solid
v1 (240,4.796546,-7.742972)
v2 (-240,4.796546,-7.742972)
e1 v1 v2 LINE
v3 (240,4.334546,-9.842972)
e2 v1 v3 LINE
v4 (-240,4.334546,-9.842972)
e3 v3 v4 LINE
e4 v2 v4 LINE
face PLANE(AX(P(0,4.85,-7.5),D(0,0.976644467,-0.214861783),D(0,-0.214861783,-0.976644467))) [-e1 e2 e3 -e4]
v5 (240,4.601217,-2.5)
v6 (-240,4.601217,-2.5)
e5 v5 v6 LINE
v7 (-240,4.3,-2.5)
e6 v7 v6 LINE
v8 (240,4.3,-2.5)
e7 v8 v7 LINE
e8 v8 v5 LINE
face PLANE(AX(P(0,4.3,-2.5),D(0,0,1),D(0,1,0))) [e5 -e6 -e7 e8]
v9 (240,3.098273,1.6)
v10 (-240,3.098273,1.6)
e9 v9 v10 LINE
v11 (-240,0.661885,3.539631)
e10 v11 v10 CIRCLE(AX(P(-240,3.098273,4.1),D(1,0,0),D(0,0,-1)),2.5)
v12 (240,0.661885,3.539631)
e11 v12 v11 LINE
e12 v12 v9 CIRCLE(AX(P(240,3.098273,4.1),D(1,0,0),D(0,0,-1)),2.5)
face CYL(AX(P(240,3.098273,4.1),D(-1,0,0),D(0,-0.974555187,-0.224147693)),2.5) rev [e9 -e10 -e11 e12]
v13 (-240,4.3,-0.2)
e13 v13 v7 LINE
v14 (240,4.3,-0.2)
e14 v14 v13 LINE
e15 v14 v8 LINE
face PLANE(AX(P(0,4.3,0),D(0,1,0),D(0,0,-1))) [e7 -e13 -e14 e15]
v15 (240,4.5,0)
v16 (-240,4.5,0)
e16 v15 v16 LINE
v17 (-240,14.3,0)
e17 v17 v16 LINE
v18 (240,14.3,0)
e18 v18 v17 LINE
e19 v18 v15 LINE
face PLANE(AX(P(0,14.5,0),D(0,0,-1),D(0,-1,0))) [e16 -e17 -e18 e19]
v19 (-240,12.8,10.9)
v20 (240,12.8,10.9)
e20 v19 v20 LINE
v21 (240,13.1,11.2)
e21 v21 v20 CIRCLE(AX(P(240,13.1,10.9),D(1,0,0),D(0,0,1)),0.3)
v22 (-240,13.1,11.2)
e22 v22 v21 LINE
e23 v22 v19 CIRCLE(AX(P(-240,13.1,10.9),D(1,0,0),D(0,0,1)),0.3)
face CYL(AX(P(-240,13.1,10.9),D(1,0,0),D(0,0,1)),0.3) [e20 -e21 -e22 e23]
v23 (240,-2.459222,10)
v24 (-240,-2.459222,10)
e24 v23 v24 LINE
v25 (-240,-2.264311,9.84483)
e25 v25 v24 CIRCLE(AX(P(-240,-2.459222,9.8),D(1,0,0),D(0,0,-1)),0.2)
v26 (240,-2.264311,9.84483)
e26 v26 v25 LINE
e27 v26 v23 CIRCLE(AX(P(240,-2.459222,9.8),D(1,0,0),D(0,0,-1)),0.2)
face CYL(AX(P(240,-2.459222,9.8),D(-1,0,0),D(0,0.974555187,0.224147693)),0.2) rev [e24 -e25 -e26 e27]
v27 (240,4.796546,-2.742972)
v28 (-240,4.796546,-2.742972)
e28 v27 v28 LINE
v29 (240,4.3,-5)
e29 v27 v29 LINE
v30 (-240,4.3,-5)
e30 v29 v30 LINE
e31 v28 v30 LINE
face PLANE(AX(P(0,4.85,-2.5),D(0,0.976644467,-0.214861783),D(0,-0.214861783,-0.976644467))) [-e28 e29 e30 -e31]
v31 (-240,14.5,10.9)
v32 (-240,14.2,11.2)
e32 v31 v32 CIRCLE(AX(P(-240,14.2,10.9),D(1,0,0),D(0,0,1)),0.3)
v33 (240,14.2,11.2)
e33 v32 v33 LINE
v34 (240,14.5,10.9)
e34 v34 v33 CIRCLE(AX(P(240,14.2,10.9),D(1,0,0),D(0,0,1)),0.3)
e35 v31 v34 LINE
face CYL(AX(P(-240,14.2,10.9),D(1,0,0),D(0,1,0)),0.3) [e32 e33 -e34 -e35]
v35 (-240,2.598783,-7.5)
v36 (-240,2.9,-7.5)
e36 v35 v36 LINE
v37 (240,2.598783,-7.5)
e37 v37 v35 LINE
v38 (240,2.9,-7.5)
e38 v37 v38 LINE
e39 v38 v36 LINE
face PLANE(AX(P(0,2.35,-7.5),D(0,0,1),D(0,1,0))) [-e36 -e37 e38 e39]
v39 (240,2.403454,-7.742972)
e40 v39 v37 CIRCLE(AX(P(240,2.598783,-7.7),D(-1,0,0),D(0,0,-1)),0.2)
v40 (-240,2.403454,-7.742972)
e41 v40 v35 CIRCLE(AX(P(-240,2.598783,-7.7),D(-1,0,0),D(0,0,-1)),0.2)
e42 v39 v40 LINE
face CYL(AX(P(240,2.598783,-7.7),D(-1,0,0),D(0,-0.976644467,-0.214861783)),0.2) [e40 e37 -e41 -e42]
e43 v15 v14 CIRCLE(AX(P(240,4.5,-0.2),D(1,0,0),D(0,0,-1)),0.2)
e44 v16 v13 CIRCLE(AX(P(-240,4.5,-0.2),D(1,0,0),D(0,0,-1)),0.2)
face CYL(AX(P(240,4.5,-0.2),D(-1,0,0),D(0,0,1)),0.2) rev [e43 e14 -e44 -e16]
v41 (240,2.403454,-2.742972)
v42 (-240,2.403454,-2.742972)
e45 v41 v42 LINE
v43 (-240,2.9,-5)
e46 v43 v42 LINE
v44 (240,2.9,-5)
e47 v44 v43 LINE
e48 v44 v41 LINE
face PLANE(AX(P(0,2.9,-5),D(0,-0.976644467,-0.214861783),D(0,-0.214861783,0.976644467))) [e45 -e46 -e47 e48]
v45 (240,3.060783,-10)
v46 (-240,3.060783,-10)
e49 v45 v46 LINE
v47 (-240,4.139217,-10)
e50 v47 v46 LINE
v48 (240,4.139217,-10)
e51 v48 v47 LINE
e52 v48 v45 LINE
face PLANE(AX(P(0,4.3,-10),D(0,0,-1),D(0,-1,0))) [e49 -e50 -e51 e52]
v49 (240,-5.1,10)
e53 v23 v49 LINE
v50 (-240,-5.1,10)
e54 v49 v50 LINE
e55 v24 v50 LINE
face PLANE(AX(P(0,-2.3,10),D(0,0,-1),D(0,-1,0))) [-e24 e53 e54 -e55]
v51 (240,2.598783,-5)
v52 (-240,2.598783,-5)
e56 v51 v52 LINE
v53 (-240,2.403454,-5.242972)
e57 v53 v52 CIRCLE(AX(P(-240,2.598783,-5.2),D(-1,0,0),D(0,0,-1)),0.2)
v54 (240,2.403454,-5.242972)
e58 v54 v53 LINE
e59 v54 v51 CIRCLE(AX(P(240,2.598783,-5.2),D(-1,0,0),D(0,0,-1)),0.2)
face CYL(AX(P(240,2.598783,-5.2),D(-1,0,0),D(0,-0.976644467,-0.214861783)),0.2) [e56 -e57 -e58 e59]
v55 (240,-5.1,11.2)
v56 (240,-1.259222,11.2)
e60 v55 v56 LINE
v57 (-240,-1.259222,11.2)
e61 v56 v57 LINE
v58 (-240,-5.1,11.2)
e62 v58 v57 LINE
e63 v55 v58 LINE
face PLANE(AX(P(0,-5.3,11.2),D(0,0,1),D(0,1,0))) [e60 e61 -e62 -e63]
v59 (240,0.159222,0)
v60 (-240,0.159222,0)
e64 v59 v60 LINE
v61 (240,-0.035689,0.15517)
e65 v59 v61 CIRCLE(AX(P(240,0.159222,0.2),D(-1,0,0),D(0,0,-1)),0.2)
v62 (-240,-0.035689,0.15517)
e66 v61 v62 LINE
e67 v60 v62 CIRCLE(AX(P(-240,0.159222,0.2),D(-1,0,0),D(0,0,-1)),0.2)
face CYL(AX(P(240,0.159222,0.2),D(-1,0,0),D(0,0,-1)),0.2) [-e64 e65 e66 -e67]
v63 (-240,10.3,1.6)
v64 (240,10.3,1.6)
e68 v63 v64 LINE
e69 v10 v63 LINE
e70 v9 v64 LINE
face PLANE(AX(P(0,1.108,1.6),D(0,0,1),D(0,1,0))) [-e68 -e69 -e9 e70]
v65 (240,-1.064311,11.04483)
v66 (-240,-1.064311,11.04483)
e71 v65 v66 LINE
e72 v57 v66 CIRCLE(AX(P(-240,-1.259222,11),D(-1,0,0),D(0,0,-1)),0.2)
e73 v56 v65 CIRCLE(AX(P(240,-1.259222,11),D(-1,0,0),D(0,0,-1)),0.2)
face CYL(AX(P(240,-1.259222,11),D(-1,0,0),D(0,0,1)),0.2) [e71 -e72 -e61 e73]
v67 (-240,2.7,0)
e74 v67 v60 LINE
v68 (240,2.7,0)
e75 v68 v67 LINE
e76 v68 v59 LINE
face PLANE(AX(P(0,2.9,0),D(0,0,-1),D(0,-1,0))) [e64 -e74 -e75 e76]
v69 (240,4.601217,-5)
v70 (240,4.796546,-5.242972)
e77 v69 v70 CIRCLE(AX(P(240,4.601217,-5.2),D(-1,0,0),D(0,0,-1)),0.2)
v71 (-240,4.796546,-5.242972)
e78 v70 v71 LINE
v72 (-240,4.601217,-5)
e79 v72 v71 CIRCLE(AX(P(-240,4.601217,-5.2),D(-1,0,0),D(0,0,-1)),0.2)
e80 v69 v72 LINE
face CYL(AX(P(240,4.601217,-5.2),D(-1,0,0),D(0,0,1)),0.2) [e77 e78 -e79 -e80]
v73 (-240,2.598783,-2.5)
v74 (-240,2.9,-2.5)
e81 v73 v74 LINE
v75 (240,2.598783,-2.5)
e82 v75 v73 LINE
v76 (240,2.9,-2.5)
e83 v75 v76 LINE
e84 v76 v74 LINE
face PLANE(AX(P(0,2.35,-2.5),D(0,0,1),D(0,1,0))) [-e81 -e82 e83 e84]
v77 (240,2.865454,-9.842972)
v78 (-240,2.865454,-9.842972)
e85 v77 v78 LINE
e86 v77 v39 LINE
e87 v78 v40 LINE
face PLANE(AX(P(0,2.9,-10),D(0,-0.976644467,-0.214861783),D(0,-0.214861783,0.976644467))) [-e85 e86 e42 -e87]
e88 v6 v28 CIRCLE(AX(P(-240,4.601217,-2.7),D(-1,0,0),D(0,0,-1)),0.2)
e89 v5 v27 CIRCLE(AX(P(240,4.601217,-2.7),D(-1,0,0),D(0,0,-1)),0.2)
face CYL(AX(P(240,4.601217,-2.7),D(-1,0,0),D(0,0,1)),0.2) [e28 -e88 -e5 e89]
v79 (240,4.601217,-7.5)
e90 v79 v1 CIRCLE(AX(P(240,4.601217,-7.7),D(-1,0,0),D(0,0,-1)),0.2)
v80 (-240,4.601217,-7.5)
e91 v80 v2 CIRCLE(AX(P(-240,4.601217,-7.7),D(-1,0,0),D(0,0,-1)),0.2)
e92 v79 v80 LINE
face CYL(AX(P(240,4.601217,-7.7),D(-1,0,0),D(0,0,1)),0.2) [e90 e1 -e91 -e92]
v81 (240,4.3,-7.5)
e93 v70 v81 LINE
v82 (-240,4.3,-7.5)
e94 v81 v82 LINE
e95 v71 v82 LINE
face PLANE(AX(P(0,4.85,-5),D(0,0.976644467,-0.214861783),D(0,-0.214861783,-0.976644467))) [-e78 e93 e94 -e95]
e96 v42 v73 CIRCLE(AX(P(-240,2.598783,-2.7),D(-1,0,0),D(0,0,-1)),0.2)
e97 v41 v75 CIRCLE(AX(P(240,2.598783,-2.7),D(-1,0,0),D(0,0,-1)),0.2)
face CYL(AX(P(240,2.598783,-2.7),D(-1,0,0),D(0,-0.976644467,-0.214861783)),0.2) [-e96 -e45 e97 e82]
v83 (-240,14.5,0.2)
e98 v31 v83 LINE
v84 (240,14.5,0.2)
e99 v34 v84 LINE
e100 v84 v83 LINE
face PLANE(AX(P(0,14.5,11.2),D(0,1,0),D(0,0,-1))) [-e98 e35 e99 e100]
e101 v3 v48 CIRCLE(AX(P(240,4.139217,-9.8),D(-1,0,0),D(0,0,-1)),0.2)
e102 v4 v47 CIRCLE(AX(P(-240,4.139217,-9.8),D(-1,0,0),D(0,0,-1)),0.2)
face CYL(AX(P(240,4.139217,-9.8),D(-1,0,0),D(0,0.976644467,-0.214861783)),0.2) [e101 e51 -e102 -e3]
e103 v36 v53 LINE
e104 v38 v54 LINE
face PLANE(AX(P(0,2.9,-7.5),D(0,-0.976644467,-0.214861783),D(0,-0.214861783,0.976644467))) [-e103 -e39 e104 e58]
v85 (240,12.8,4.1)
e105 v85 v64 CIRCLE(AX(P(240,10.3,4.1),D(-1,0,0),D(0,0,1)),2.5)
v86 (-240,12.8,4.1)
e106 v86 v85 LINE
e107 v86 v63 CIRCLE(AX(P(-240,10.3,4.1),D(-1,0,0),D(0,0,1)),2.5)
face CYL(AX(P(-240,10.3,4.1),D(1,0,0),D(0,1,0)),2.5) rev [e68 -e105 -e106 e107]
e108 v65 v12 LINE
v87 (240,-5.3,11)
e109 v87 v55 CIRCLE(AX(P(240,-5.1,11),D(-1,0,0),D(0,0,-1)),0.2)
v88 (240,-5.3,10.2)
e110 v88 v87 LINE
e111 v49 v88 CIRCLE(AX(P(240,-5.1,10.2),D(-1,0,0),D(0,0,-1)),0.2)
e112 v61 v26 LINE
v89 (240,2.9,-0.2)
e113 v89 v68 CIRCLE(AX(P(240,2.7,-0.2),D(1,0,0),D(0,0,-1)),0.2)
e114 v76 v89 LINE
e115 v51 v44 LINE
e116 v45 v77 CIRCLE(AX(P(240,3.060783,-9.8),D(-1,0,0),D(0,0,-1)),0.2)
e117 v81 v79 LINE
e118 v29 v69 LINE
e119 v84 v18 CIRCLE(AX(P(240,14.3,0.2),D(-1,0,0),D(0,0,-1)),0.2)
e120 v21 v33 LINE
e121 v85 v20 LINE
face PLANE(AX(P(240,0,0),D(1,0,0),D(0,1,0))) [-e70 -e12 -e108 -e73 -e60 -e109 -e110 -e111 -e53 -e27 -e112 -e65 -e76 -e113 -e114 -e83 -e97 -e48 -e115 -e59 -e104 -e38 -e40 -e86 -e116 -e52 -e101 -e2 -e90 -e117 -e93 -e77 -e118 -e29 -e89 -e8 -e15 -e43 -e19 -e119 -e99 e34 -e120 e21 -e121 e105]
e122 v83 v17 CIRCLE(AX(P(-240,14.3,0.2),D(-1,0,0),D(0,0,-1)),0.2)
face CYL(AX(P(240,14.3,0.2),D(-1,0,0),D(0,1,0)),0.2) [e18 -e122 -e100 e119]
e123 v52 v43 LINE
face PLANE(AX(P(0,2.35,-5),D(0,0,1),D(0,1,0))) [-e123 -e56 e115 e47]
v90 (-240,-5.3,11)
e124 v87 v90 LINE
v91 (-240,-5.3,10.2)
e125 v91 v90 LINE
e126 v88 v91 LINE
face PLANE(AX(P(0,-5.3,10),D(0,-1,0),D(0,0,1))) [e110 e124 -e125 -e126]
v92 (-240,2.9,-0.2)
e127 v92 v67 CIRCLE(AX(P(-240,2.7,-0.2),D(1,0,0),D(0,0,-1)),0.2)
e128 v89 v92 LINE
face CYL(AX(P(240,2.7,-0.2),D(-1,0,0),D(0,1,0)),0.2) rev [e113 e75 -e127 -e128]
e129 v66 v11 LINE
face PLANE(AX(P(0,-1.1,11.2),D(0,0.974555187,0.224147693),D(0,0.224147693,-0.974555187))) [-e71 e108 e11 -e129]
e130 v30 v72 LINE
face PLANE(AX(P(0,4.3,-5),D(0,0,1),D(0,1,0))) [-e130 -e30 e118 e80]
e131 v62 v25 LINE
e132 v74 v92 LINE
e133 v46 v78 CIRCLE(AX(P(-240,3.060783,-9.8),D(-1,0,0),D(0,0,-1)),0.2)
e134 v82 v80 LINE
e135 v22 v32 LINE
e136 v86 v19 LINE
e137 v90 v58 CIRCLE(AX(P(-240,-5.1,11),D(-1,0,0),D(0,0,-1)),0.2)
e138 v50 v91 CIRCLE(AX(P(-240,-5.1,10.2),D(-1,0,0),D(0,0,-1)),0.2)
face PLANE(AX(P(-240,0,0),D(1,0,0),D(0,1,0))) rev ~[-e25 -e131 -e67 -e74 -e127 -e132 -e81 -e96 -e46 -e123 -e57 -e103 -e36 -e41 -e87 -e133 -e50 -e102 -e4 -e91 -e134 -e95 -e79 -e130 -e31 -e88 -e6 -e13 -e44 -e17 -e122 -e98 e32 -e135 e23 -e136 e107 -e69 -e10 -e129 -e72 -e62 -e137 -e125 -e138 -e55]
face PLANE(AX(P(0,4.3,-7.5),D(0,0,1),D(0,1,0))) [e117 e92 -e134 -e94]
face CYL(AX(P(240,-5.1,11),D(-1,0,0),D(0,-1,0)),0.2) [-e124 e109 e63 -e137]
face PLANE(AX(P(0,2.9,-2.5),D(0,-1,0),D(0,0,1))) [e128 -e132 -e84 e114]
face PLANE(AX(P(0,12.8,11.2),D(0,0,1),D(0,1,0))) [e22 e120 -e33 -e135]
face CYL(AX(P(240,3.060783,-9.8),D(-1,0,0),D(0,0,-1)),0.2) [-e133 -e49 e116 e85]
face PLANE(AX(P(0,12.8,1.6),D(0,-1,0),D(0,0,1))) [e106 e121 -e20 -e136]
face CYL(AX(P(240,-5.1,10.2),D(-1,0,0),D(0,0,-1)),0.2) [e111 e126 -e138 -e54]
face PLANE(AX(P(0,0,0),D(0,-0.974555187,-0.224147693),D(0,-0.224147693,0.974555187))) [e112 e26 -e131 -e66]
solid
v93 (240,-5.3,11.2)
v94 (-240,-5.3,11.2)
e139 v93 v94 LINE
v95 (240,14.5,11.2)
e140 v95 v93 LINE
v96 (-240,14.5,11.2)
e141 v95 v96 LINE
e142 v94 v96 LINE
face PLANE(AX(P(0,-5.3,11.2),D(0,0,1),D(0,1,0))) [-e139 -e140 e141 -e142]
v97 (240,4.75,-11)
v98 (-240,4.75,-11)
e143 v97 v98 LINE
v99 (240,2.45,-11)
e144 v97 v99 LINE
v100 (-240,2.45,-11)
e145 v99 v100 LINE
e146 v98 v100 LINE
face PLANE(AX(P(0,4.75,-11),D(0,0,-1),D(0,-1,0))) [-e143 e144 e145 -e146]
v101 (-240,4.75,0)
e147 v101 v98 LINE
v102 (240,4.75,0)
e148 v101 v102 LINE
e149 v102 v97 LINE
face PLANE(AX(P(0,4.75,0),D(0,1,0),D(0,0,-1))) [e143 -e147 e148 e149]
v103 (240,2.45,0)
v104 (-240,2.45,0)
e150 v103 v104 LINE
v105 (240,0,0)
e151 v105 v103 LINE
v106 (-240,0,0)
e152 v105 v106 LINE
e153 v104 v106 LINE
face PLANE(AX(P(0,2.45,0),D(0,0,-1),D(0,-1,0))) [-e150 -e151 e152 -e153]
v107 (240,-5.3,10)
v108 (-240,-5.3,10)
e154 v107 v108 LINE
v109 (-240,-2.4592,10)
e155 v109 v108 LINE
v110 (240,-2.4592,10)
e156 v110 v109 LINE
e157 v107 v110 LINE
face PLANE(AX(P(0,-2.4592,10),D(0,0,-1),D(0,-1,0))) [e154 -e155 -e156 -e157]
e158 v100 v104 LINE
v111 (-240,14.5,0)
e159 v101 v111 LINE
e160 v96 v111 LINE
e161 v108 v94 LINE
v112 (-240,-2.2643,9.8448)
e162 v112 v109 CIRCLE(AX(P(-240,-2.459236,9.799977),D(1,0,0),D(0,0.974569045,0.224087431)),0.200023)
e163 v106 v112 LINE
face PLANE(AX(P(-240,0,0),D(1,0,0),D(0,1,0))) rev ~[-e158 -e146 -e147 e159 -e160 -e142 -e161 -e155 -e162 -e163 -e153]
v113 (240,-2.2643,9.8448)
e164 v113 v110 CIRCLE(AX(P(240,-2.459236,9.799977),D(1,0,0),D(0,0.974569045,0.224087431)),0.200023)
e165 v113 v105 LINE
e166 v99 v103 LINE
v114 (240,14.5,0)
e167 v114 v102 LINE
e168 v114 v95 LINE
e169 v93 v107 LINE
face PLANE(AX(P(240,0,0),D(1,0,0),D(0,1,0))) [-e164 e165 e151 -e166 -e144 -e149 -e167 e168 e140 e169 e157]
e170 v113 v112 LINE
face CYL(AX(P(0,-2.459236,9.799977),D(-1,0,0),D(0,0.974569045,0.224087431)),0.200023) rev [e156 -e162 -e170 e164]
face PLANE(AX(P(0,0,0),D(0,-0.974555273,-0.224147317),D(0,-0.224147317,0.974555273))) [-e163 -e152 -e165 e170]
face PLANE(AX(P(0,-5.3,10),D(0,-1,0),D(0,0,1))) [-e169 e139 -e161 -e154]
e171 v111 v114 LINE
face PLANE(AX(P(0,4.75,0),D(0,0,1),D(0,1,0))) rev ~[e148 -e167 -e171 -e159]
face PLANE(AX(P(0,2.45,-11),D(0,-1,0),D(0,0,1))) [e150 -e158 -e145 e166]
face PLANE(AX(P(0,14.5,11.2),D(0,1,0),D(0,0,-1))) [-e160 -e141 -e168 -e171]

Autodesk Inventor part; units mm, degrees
ref_plane "YZ Plane" through (0, 0, 0) normal (1, 0, 0) x (0, 1, 0)
ref_plane "XZ Plane" through (0, 0, 0) normal (0, 1, 0) x (-1, 0, 0)
ref_plane "XY Plane" through (0, 0, 0) normal (0, 0, 1) x (1, 0, 0)
sketch "Sketch1" plane through (0, 0, 0) normal (1, 0, 0) x (0, 1, 0)
  line L0 (14.5, 11.2) -> (14.5, 0)
  line L1 (14.5, 0) -> (4.3, 0)
  line L2 (4.3, 0) -> (4.3, -2.5)
  line L3 (4.3, -2.5) -> (4.85, -2.5)
  line L4 (4.85, -2.5) -> (4.3, -5)
  line L5 (4.3, -5) -> (4.85, -5)
  line L6 (4.85, -5) -> (4.3, -7.5)
  line L7 (4.3, -7.5) -> (4.85, -7.5)
  line L8 (4.85, -7.5) -> (4.3, -10)
  line L9 (4.3, -10) -> (2.9, -10)
  line L10 (2.9, -10) -> (2.35, -7.5)
  line L11 (2.35, -7.5) -> (2.9, -7.5)
  line L12 (2.9, -7.5) -> (2.35, -5)
  line L13 (2.35, -5) -> (2.9, -5)
  line L14 (2.9, -5) -> (2.35, -2.5)
  line L15 (2.35, -2.5) -> (2.9, -2.5)
  line L16 (2.9, -2.5) -> (2.9, 0)
  line L17 (2.9, 0) -> (0, 0)
  line L18 (0, 0) -> (-2.3, 10)
  line L19 (-2.3, 10) -> (-5.3, 10)
  line L20 (-5.3, 10) -> (-5.3, 11.2)
  line L21 (-5.3, 11.2) -> (-1.1, 11.2)
  line L22 (-1.1, 11.2) -> (1.108, 1.6)
  line L23 (1.108, 1.6) -> (12.8, 1.6)
  line L24 (12.8, 1.6) -> (12.8, 11.2)
  line L25 (12.8, 11.2) -> (14.5, 11.2)
  dimension "d0" = 1.7
  dimension "d1" = 1.2
  dimension "d2" = 4.2
  dimension "d3" = 3
  dimension "d4" = 5.3
  dimension "d6" = 10
  dimension "d7" = 10
  dimension "d8" = 2.5
  dimension "d9" = 7.65
  dimension "d10" = 19.8
  dimension "d11" = 2.5
  dimension "d12" = 0.55
  dimension "d13" = 1.6
extrude "01_ex1" add sketch "Sketch1" along normal mid plane 480
fillet "01_fillet1" radius 2.5 2 edges at (0, 12.8, 1.6) (0, 1.108, 1.6)
fillet "01_fillet1" radius 0.3 2 edges at (0, 12.8, 11.2) (0, 14.5, 11.2)
fillet "01_fillet1" radius 0.2 16 edges at (0, -1.1, 11.2) (0, -5.3, 11.2) (0, -5.3, 10) (0, -2.3, 10) (0, 0, 0) (0, 2.9, 0) (0, 2.35, -2.5) (0, 2.35, -5) (0, 2.35, -7.5) (0, 2.9, -10) (0, 4.3, -10) (0, 4.85, -7.5) (0, 4.85, -5) (0, 4.85, -2.5) (0, 4.3, 0) (0, 14.5, 0)
sketch "Sketch2" plane through (0, 0, 0) normal (1, 0, 0) x (0, 1, 0)
  line L0 (4.75, 0) -> (4.75, -11)
  line L1 (4.75, -11) -> (2.45, -11)
  line L2 (2.45, -11) -> (2.45, 0)
  line L3 (3.0608, -10) -> (4.1392, -10) projected
  line L4 (4.5, 0) -> (14.3, 0) projected
  line L5 (2.45, 0) -> (0, 0)
  line L6 (0, 0) -> (-2.2643, 9.8448)
  arc A0 (-2.2643, 9.8448) -> (-2.4592, 10) centre (-2.4592, 9.8) ccw
  line L7 (-2.4592, 10) -> (-5.3, 10)
  line L8 (-5.3, 10) -> (-5.3, 11.2)
  line L9 (-5.3, 11.2) -> (14.5, 11.2)
  line L10 (14.5, 11.2) -> (14.5, 0)
  line L11 (14.5, 0) -> (4.75, 0)
  line L12 (-2.2643, 9.8448) -> (-0.0357, 0.1552) projected
  line L13 (-5.1, 10) -> (-2.4592, 10) projected
  arc A1 (-2.2643, 9.8448) -> (-2.4592, 10) centre (-2.4592, 9.8) ccw projected
  line L14 (-5.3, 11) -> (-5.3, 10.2) projected
  line L15 (-1.2592, 11.2) -> (-5.1, 11.2) projected
  line L16 (14.5, 0.2) -> (14.5, 10.9) projected
  line L17 (0.1592, 0) -> (2.7, 0) projected
  point P0 (0, 0)
  point P1 (3.6, -11)
  point P2 (3.6, -10)
  dimension "d19" = 2.3
  dimension "d20" = 1
extrude "02_ex1" add sketch "Sketch2" along normal mid plane 480 separate body
equation "\"d14\" = Length"
equation "\"d21\" = Length"
equation "\"Length\" = 480"
properties part number "Hafele alu 126_13" material "Aluminum 6061"
